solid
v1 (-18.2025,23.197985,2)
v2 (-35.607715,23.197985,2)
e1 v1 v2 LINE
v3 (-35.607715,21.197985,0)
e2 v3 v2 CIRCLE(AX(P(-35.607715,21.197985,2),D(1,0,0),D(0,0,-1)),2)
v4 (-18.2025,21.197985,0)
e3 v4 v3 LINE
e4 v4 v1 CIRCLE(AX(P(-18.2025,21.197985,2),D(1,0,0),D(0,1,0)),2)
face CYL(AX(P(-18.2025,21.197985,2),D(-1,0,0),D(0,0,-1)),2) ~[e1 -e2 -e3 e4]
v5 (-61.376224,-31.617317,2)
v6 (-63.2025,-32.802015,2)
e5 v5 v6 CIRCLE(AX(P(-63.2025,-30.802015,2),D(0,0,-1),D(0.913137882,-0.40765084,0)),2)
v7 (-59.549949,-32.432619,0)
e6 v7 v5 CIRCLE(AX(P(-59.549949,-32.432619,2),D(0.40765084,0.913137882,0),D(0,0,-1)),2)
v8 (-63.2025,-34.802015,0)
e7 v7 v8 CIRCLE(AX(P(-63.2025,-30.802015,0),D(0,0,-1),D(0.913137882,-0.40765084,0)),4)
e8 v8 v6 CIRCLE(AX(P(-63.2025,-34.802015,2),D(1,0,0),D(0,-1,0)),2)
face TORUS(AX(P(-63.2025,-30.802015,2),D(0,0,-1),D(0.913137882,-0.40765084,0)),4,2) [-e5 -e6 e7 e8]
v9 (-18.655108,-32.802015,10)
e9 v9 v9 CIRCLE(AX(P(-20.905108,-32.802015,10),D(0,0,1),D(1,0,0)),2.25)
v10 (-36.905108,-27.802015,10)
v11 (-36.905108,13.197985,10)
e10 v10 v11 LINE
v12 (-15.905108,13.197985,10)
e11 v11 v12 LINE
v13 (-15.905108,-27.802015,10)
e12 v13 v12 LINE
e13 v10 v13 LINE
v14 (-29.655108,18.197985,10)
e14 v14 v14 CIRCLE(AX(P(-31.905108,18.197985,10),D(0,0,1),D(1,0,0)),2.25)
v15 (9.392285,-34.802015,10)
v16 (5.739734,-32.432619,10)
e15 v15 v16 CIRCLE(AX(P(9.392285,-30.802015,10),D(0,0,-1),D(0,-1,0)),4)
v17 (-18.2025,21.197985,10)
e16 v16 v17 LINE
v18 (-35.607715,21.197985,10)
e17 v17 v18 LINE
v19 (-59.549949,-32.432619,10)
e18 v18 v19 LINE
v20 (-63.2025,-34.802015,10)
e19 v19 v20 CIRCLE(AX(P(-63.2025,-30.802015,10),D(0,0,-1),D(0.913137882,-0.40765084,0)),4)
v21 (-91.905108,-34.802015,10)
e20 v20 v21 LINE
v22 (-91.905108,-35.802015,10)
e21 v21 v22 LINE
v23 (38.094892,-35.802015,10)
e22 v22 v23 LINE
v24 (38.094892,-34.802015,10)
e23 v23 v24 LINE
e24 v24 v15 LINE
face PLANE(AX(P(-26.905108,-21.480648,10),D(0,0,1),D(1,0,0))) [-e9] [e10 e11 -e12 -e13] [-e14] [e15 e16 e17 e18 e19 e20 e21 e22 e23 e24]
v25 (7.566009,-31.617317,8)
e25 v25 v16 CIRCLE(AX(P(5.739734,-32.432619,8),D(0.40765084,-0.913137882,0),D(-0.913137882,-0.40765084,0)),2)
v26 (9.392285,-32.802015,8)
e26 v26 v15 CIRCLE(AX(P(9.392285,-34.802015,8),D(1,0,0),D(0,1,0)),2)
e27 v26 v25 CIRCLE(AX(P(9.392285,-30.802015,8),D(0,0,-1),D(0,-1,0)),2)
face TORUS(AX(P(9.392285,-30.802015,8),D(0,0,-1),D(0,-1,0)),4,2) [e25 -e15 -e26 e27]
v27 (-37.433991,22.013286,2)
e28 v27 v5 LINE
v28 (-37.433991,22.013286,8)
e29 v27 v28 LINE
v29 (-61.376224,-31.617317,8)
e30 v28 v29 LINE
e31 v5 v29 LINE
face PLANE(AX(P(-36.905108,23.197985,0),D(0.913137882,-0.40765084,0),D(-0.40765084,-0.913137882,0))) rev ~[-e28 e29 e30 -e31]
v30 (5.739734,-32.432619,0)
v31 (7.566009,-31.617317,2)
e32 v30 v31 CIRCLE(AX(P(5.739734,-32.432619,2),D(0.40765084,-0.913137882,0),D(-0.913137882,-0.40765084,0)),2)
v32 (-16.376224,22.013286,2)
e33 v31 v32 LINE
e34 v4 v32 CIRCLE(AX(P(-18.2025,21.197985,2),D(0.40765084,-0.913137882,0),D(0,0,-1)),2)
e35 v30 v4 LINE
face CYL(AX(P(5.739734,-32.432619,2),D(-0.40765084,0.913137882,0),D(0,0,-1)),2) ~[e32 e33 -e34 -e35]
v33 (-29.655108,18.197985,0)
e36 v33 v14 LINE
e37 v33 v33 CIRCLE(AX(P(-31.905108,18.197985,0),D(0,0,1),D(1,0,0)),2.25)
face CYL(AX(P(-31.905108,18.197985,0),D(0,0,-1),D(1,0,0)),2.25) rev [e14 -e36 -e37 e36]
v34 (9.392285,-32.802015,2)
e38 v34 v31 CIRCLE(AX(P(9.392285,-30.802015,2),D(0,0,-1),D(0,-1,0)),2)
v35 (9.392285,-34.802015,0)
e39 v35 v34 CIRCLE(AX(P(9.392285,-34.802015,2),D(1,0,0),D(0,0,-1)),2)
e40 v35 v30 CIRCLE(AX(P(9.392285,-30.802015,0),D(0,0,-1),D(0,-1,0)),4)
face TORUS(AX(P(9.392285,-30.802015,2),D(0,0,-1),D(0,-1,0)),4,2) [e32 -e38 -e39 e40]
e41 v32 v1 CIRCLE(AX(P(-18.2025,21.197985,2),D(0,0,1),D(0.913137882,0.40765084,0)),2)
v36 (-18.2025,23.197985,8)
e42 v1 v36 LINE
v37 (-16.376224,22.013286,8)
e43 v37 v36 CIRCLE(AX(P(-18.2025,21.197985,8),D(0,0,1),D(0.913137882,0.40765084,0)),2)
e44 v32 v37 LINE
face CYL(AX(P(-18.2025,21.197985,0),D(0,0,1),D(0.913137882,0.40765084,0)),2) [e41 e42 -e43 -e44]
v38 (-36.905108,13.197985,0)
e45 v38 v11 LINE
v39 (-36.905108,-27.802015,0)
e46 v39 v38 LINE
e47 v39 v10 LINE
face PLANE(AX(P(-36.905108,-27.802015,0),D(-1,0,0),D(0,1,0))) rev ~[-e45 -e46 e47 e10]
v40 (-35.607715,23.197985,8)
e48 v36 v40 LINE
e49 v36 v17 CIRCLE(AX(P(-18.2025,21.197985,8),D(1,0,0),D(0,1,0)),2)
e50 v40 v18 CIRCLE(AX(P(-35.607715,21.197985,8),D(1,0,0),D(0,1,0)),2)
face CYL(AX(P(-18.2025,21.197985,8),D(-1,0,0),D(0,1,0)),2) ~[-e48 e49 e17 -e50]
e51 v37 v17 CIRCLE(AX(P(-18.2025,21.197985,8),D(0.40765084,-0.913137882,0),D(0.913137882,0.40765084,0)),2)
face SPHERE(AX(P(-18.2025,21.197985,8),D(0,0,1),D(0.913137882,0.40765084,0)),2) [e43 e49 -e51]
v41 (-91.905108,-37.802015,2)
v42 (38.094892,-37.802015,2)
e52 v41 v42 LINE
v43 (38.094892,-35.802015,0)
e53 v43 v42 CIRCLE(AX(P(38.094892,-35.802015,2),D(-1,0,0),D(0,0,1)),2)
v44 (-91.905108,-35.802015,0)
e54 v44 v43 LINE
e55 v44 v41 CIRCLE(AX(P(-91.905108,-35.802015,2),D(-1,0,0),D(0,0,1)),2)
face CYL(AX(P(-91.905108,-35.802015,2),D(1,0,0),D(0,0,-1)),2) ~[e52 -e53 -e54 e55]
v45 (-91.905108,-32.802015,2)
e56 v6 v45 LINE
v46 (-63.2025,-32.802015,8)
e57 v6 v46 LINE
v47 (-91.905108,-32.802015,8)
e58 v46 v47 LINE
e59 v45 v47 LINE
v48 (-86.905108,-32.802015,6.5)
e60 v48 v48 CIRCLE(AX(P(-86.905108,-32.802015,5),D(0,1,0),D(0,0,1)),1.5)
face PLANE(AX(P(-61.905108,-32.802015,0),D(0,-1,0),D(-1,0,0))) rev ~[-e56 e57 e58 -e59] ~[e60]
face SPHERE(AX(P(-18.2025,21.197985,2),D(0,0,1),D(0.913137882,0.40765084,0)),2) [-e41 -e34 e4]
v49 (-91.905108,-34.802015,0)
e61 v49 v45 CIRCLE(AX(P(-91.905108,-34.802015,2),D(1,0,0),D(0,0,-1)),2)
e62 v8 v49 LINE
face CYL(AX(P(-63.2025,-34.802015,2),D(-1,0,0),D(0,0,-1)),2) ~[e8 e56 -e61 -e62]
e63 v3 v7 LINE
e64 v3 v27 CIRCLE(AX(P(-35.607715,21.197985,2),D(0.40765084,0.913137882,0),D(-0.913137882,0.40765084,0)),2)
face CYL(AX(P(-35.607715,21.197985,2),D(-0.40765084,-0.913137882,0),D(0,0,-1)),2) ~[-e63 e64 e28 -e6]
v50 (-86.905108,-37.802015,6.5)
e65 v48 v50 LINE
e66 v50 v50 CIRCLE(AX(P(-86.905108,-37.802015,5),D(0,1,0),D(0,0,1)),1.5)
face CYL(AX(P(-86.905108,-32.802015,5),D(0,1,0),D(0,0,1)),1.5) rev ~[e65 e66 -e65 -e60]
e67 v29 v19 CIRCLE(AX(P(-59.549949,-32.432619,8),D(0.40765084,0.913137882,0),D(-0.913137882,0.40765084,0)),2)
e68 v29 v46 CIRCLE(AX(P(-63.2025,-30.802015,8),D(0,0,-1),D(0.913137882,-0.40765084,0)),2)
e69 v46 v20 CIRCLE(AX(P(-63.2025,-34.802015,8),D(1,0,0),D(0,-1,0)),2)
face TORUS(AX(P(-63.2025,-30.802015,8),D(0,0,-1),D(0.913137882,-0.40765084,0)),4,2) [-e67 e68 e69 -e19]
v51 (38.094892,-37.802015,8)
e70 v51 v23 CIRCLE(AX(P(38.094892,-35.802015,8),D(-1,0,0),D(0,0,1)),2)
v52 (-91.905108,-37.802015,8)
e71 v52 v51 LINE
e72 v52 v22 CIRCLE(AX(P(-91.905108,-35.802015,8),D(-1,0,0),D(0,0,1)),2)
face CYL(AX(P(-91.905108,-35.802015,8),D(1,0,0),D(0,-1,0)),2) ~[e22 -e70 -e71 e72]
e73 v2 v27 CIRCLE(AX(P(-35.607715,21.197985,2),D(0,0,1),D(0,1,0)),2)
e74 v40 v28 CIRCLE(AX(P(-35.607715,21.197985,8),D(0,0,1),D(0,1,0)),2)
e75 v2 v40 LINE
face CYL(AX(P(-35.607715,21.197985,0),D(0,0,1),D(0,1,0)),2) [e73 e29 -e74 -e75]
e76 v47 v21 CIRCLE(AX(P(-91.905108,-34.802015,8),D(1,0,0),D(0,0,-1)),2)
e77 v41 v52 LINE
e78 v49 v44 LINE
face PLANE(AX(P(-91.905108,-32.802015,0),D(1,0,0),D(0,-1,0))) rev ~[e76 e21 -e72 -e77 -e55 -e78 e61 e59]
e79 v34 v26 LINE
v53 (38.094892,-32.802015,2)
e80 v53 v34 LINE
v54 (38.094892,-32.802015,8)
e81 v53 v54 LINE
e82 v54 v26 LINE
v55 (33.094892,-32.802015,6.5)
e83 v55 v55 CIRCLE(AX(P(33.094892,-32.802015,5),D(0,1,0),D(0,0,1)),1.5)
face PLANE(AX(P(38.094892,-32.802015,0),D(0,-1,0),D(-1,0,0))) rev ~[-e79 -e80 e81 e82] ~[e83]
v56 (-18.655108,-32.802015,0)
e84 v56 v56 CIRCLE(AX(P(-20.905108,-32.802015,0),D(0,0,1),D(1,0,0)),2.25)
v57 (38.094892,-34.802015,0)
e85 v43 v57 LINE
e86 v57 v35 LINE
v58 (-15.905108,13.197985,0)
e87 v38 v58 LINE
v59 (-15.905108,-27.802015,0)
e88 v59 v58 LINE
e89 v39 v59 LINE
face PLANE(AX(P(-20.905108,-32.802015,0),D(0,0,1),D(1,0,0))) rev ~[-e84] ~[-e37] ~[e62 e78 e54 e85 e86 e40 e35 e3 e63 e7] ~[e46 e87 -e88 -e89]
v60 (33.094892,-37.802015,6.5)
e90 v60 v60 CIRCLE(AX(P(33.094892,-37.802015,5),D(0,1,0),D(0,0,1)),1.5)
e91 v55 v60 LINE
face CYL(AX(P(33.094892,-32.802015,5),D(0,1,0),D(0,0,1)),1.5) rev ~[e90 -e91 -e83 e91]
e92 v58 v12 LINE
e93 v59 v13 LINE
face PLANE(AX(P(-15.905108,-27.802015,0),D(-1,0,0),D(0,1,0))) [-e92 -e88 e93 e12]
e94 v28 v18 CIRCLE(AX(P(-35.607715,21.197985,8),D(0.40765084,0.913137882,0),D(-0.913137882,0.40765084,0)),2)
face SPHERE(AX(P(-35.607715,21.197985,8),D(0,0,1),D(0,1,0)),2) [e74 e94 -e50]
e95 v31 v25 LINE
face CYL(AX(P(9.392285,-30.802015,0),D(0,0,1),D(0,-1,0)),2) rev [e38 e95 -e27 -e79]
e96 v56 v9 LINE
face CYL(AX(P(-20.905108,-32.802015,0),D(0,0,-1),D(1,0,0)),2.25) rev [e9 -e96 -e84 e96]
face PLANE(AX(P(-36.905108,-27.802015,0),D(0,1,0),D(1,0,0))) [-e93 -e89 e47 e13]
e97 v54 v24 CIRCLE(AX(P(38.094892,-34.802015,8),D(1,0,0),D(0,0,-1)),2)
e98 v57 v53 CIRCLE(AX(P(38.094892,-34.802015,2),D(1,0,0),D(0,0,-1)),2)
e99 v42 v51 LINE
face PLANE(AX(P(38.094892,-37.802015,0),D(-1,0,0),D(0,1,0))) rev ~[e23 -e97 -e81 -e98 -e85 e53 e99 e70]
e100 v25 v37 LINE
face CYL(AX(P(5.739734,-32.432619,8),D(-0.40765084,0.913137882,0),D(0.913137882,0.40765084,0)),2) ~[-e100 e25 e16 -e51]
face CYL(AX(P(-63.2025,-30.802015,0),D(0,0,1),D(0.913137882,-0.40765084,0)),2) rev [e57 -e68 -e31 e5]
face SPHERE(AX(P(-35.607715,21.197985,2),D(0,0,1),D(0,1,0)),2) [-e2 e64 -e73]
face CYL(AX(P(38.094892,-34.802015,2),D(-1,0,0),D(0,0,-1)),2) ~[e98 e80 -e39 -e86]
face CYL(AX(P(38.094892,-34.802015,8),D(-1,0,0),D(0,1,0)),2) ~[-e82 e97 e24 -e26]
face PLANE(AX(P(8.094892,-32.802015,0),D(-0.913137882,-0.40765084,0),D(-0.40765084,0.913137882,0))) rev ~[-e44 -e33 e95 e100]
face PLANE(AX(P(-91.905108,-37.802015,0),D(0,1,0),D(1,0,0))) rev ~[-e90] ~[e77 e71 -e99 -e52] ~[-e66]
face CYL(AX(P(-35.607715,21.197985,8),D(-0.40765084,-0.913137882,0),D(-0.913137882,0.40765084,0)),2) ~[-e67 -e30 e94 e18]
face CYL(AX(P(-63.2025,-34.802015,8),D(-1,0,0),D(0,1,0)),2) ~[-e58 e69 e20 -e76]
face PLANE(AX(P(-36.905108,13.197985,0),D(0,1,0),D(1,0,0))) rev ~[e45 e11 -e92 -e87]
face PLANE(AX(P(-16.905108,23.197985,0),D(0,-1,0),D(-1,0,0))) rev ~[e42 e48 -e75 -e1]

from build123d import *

# Parameters (mm, degrees)
SKETCH1_W           = 21
SKETCH1_H           = 41
BOSS_EXTRUDE1_DEPTH = 10
SKETCH1_3_R         = 2.25
CUT_EXTRUDE1_DEPTH  = 10
SKETCH2_R           = 1.5
CUT_EXTRUDE2_DEPTH  = 5
FILLET1_R           = 2
FILLET2_R           = 2


with BuildPart() as part:
    # Sketch1 → Boss-Extrude1 (new body)
    with BuildSketch(Plane.XY):
        Polygon((8.094892468, -32.802015288), (-16.905107532, 23.197984712), (-36.905107532, 23.197984712), (-61.905107532, -32.802015288), (-91.905107532, -32.802015288), (-91.905107532, -37.802015288), (38.094892468, -37.802015288), (38.094892468, -32.802015288), align=None)
        with Locations((-26.405107532, -7.302015288)):
            Rectangle(SKETCH1_W, SKETCH1_H, mode=Mode.SUBTRACT)
    extrude(amount=BOSS_EXTRUDE1_DEPTH)

    # Sketch1<3> → Cut-Extrude1 (cut)
    with BuildSketch(Plane.XY):
        with Locations((-31.905107532, 18.197984712)):
            Circle(SKETCH1_3_R)
        with Locations((-20.905107532, -32.802015288)):
            Circle(SKETCH1_3_R)
    extrude(amount=CUT_EXTRUDE1_DEPTH, mode=Mode.SUBTRACT)

    # Sketch2 → Cut-Extrude2 (cut)
    with BuildSketch(Plane(origin=(0, -32.802015288, 0), x_dir=(1, 0, 0), z_dir=(0, 1, 0))):
        with Locations((33.094892468, -5)):
            Circle(SKETCH2_R)
        with Locations((-86.905107532, -5)):
            Circle(SKETCH2_R)
    extrude(amount=-CUT_EXTRUDE2_DEPTH, mode=Mode.SUBTRACT)

    # Fillet1
    fillet1_edges = [part.edges().sort_by_distance(p)[0] for p in [
        (-61.905107532, -32.802015288, 5),
        (8.094892468, -32.802015288, 5),
        (-36.905107532, 23.197984712, 5),
        (-16.905107532, 23.197984712, 5),
    ]]
    fillet(fillet1_edges, radius=FILLET1_R)

    # Fillet2
    fillet2_edges = [part.edges().sort_by_distance(p)[0] for p in [
        (23.743588762, -32.802015288, 0),
        (8.303846577, -32.479901363, 0),
        (-77.553803825, -32.802015288, 0),
        (-62.114061641, -32.479901363, 0),
        (-49.405107532, -4.802015288, 0),
        (-36.696153423, 22.875870787, 0),
        (-26.905107532, 23.197984712, 0),
        (-17.114061641, 22.875870787, 0),
        (23.743588762, -32.802015288, 10),
        (8.303846577, -32.479901363, 10),
        (-77.553803825, -32.802015288, 10),
        (-62.114061641, -32.479901363, 10),
        (-49.405107532, -4.802015288, 10),
        (-36.696153423, 22.875870787, 10),
        (-26.905107532, 23.197984712, 10),
        (-17.114061641, 22.875870787, 10),
        (-26.905107532, -37.802015288, 10),
        (-26.905107532, -37.802015288, 0),
        (-4.405107532, -4.802015288, 0),
        (-4.405107532, -4.802015288, 10),
    ]]
    fillet(fillet2_edges, radius=FILLET2_R)


solid = part.part
